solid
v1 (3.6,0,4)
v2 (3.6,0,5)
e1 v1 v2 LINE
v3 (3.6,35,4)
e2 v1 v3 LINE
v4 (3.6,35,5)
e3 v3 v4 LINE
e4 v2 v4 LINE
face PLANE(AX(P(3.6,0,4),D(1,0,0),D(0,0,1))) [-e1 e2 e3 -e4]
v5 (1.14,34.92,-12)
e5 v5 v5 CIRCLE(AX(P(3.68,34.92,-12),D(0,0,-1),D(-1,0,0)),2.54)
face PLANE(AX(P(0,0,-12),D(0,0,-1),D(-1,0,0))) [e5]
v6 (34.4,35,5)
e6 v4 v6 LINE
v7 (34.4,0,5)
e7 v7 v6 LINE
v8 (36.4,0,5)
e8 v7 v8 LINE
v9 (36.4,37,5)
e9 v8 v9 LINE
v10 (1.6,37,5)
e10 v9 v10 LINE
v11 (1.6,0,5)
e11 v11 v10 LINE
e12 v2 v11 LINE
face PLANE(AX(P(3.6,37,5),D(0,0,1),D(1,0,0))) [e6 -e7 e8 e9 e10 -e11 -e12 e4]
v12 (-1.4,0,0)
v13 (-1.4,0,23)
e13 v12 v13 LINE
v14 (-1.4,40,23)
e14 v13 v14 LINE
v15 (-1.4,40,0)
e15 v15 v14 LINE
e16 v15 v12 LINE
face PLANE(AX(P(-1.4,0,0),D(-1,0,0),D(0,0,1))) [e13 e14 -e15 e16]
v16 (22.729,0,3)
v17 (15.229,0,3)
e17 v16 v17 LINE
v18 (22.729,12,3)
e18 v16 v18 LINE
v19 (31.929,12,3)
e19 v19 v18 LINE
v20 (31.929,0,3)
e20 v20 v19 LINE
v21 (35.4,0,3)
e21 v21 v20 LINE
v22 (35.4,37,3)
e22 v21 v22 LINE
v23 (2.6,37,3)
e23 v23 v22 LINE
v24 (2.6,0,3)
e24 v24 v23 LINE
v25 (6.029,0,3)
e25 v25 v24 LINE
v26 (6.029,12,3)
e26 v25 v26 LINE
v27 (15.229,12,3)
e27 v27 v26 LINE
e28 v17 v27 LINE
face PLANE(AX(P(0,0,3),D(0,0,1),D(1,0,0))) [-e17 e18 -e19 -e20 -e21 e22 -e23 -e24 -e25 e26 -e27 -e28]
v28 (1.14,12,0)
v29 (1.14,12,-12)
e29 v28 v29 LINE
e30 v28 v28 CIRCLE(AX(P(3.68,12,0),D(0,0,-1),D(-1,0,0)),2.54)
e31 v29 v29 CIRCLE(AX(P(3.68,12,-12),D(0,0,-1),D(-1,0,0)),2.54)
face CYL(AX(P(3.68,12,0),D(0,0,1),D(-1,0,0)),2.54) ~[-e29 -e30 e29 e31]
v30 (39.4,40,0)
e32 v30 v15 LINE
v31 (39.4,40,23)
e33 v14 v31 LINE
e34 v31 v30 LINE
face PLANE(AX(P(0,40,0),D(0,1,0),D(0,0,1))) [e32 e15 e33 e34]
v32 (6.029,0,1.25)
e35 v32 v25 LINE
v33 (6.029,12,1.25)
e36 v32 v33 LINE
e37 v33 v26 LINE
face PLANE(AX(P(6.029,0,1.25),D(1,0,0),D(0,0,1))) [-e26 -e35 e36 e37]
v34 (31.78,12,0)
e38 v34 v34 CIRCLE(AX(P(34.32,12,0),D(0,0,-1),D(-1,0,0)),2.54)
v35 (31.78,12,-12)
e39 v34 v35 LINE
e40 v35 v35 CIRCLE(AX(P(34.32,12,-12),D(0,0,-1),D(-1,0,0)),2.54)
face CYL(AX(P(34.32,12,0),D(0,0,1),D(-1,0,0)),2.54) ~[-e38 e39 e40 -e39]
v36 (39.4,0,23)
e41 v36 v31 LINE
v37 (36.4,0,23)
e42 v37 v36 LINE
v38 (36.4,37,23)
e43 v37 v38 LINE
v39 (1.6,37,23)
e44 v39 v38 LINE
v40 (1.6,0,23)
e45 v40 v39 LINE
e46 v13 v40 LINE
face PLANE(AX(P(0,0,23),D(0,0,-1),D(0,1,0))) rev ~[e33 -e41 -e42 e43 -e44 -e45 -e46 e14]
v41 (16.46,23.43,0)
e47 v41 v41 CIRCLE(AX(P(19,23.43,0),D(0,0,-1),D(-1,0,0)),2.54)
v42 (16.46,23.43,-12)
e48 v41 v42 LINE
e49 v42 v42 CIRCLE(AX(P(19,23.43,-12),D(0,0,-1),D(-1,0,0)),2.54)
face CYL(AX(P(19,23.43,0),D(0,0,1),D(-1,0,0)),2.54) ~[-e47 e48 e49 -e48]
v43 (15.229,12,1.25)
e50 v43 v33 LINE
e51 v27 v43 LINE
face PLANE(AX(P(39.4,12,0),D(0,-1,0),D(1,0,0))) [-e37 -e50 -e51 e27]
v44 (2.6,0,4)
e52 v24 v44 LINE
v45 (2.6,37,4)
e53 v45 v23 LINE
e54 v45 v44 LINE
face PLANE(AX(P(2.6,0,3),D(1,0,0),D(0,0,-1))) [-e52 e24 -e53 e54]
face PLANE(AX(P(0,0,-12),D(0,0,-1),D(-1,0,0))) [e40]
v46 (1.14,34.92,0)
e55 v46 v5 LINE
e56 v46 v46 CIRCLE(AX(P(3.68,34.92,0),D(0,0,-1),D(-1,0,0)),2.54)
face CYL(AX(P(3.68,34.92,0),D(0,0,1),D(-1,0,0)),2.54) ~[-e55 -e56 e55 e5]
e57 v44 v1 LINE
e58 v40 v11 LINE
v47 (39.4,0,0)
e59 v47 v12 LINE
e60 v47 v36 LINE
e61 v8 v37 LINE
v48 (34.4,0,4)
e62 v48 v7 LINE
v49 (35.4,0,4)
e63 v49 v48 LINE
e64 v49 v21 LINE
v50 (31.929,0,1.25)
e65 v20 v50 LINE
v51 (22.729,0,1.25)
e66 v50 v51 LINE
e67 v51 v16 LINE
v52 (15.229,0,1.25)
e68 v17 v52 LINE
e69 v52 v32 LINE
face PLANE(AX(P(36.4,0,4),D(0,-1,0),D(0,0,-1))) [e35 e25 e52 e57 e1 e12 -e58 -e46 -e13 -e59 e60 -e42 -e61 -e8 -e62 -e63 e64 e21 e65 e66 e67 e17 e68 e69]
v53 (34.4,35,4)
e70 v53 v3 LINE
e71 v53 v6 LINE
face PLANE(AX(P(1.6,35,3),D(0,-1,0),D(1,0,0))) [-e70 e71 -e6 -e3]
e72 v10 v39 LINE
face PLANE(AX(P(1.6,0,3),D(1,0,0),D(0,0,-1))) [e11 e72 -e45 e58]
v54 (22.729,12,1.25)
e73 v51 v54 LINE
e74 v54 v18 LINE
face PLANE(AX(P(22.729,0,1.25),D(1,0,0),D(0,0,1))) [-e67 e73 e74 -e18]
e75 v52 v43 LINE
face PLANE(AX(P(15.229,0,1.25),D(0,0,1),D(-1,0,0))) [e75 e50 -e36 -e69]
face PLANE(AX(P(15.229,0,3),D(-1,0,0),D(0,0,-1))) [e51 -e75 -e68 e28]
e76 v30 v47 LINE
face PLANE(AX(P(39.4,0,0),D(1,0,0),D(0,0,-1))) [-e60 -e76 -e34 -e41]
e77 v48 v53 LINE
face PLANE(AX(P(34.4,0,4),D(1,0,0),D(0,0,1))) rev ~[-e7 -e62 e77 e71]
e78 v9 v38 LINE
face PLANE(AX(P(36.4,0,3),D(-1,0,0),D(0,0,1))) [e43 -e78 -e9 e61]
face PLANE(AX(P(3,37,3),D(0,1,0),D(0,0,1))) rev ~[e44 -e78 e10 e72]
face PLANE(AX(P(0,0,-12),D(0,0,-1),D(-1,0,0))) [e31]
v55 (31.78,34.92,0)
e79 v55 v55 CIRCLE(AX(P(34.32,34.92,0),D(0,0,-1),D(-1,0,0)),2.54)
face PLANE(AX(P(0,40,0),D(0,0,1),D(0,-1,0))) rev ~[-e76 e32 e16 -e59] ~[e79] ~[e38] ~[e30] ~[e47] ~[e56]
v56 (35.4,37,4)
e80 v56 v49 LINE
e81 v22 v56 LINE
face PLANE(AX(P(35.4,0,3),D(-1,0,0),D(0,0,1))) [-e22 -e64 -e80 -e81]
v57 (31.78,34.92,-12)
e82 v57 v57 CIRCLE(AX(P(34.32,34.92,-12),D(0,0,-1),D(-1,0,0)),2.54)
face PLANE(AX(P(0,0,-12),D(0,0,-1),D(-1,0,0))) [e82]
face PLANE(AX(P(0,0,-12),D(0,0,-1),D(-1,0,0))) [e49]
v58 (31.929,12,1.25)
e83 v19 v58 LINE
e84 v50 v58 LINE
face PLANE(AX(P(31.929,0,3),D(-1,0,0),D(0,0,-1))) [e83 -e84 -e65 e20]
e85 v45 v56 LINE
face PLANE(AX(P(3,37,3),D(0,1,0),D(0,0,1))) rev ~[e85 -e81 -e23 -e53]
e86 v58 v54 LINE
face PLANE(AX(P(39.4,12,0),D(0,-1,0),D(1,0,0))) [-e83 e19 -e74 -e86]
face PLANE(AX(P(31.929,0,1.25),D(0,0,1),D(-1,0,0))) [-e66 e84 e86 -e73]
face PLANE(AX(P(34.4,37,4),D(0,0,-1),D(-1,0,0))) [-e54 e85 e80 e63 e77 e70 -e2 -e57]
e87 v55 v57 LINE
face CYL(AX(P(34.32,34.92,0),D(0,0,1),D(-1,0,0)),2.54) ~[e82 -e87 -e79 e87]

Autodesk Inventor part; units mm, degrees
ref_plane "YZ Plane" through (0, 0, 0) normal (1, 0, 0) x (0, 1, 0)
ref_plane "XZ Plane" through (0, 0, 0) normal (0, 1, 0) x (-1, 0, 0)
ref_plane "XY Plane" through (0, 0, 0) normal (0, 0, 1) x (1, 0, 0)
sketch "Sketch1" plane through (0, 0, 0) normal (0, 0, 1) x (1, 0, 0)
  line L0 (0, 0) -> (38, 0)
  line L1 (38, 0) -> (38, 40)
  line L2 (38, 40) -> (0, 40)
  line L3 (0, 40) -> (0, 0)
  dimension "d0" = 38
  dimension "d1" = 40
extrude "Extrusion1" add sketch "Sketch1" along normal blind 3
sketch "Sketch2" plane through (0, 0, 3) normal (0, 0, 1) x (1, 0, 0)
  line L0 (38, 0) -> (38, 40) projected
  line L1 (38, 40) -> (38, 0)
  line L2 (38, 0) -> (34.9318, 0)
  line L3 (35, 37) -> (3, 37)
  line L4 (3, 37) -> (3, 0)
  line L5 (0, 40) -> (0, 0) projected
  line L6 (0, 0) -> (0, 40)
  line L7 (38, 40) -> (0, 40) projected
  line L8 (0, 40) -> (38, 40)
  line L9 (35, 37) -> (35, 0)
  line L10 (3, 0) -> (0, 0)
  dimension "d4" = 3
  dimension "d5" = 3
  dimension "d6" = 3
extrude "Extrusion2" add sketch "Sketch2" along normal blind 20
sketch "Sketch3" plane through (38, 0, 0) normal (1, 0, 0) x (0, 0, -1)
  line L0 (-23, 0) -> (-23, 40) projected
  line L1 (0, 0) -> (-23, 0)
  line L2 (-23, 0) -> (-23, 40)
  line L3 (-23, 40) -> (0, 40)
  line L4 (0, 40) -> (0, 0)
extrude "Extrusion3" add sketch "Sketch3" along normal blind 1.4
sketch "Sketch4" plane through (35, 0, 3) normal (-1, 0, 0) x (0, 0, 1)
  line L0 (0, 37) -> (20, 37) projected
  line L1 (0, 0) -> (20, 0) projected
  line L2 (20, 37) -> (0, 37)
  line L3 (0, 37) -> (0, 0)
  line L4 (0, 0) -> (20, 0)
  line L5 (20, 0) -> (20, 37)
  point P0 (-3, 0)
extrude "Extrusion4" cut sketch "Sketch4" against normal blind 1.4
sketch "Sketch5" plane through (0, 0, 0) normal (-1, 0, 0) x (0, 0, 1)
  line L0 (0, 40) -> (23, 40) projected
  line L1 (23, 40) -> (0, 40)
  line L2 (0, 40) -> (0, 0)
  line L3 (0, 0) -> (23, 0)
  line L4 (23, 0) -> (23, 40)
extrude "Extrusion5" add sketch "Sketch5" along normal blind 1.4
sketch "Sketch6" plane through (3, 0, 3) normal (1, 0, 0) x (0, 0, -1)
  line L0 (0, 37) -> (0, 0) projected
  line L1 (-20, 0) -> (-20, 37) projected
  line L2 (0, 37) -> (-20, 37)
  line L3 (-20, 37) -> (-20, 0)
  line L4 (-20, 0) -> (0, 0)
  line L5 (0, 0) -> (0, 37)
  point P0 (3, 0)
extrude "Extrusion6" cut sketch "Sketch6" against normal blind 1.4
sketch "Sketch7" plane through (39.4, 0, 0) normal (0, -1, 0) x (1, 0, 0)
  line L0 (-3, 3) -> (-3, 23) projected
  line L1 (-3, 4) -> (-5, 4)
  line L2 (-5, 4) -> (-5, 5)
  line L3 (-5, 5) -> (-3, 5)
  line L4 (-3, 5) -> (-3, 4)
  line L5 (-37.8, 3) -> (-3, 3) projected
  point P0 (-39.4, 0)
  dimension "d17" = 2
  dimension "d18" = 1
  dimension "d19" = 1
extrude "Extrusion7" add sketch "Sketch7" against normal blind 37.0078
sketch "Sketch9" plane through (39.4, 0, 0) normal (0, -1, 0) x (1, 0, 0)
  line L0 (-37.8, 3) -> (-37.8, 23) projected
  line L1 (-37.8, 4) -> (-35.8, 4)
  line L2 (-35.8, 4) -> (-35.8, 5)
  line L3 (-35.8, 5) -> (-37.8, 5)
  line L4 (-37.8, 5) -> (-37.8, 4)
  line L5 (-37.8, 3) -> (-3, 3) projected
  point P0 (-39.4, 0)
  dimension "d22" = 2
  dimension "d23" = 1
  dimension "d24" = 1
extrude "Extrusion8" add sketch "Sketch9" against normal blind 37.0078
sketch "Sketch10" plane through (1.6, 37, 3) normal (0, -1, 0) x (1, 0, 0)
  line L0 (0, 2) -> (2, 2) projected
  line L1 (32.8, 1) -> (32.8, 2) projected
  line L2 (2, 2) -> (32.8, 2)
  line L3 (32.8, 2) -> (32.8, 1)
  line L4 (32.8, 1) -> (2, 1)
  line L5 (2, 1) -> (2, 2)
  point P0 (-1.6, -3)
extrude "Extrusion9" add sketch "Sketch10" along normal blind 2
sketch "Sketch11" plane through (1.6, 0, 3) normal (1, 0, 0) x (0, 0, -1)
  line L0 (-1, 37) -> (0, 37) projected
  line L1 (0, 0) -> (-1, 0) projected
  line L2 (0, 37) -> (-1, 37)
  line L3 (-1, 37) -> (-1, 0)
  line L4 (-1, 0) -> (0, 0)
  line L5 (0, 0) -> (0, 37)
  point P0 (3, 0)
extrude "Extrusion10" add sketch "Sketch11" along normal blind 1
sketch "Sketch12" plane through (36.4, 0, 3) normal (-1, 0, 0) x (0, 0, 1)
  line L0 (0, 0) -> (0, 37) projected
  line L1 (1, 0) -> (0, 0) projected
  line L2 (0, 37) -> (1, 37)
  line L3 (1, 37) -> (1, 0)
  line L4 (1, 0) -> (0, 0)
  line L5 (0, 0) -> (0, 37)
  point P0 (-3, 0)
extrude "Extrusion11" add sketch "Sketch12" along normal blind 1
sketch "Sketch13" plane through (39.4, 0, 0) normal (0, -1, 0) x (1, 0, 0)
  line L0 (-4, 3) -> (-36.8, 3) projected
  line L1 (-33.371, 3) -> (-24.171, 3)
  line L2 (-24.171, 3) -> (-24.171, 1.25)
  line L3 (-24.171, 1.25) -> (-33.371, 1.25)
  line L4 (-33.371, 1.25) -> (-33.371, 3)
  line L5 (-16.671, 3) -> (-7.471, 3)
  line L6 (-7.471, 3) -> (-7.471, 1.25)
  line L7 (-7.471, 1.25) -> (-16.671, 1.25)
  line L8 (-16.671, 1.25) -> (-16.671, 3)
  point P0 (-39.4, 0)
  dimension "d33" = 9.2
  dimension "d34" = 9.2
  dimension "d35" = 7.5
  dimension "d36" = 3.429
  dimension "d37" = 1.75
extrude "Extrusion12" cut sketch "Sketch13" against normal blind 12
sketch "Sketch14" plane through (0, 0, 0) normal (0, 0, -1) x (-1, 0, 0)
  circle A0 centre (-3.68, 12) radius 2.54
  circle A1 centre (-19, 23.43) radius 2.54
  circle A2 centre (-3.68, 34.92) radius 2.54
  circle A3 centre (-34.32, 12) radius 2.54
  circle A4 centre (-34.32, 34.92) radius 2.54
  line L0 (1.4, 0) -> (-39.4, 0) projected
  line L1 (1.4, 40) -> (1.4, 0) projected
  line L2 (-39.4, 0) -> (-39.4, 40) projected
  line L3 (1.4, 40) -> (-39.4, 40) projected
  point P0 (0, 0)
  dimension "d40" = 5.08
  dimension "d41" = 5.08
  dimension "d42" = 5.08
  dimension "d43" = 5.08
  dimension "d44" = 5.08
  dimension "d45" = 12
  dimension "d46" = 12
  dimension "d47" = 5.08
  dimension "d48" = 5.08
  dimension "d49" = 5.08
  dimension "d50" = 5.08
  dimension "d51" = 5.08
  dimension "d52" = 5.08
  dimension "d53" = 11.43
extrude "Extrusion13" add sketch "Sketch14" along normal blind 12 contours A0 | A1 | A2 | A3 | A4
thread "Thread1" size "12-24 UNC" class "2A" standard "ANSI Unified Screw Threads" full length
thread "Thread2" size "12-24 UNC" class "2A" standard "ANSI Unified Screw Threads" full length
thread "Thread3" size "12-24 UNC" class "2A" standard "ANSI Unified Screw Threads" full length
thread "Thread4" size "12-24 UNC" class "2A" standard "ANSI Unified Screw Threads" full length
thread "Thread5" size "12-24 UNC" class "2A" standard "ANSI Unified Screw Threads" full length
properties part number "ecog_casing_1"
